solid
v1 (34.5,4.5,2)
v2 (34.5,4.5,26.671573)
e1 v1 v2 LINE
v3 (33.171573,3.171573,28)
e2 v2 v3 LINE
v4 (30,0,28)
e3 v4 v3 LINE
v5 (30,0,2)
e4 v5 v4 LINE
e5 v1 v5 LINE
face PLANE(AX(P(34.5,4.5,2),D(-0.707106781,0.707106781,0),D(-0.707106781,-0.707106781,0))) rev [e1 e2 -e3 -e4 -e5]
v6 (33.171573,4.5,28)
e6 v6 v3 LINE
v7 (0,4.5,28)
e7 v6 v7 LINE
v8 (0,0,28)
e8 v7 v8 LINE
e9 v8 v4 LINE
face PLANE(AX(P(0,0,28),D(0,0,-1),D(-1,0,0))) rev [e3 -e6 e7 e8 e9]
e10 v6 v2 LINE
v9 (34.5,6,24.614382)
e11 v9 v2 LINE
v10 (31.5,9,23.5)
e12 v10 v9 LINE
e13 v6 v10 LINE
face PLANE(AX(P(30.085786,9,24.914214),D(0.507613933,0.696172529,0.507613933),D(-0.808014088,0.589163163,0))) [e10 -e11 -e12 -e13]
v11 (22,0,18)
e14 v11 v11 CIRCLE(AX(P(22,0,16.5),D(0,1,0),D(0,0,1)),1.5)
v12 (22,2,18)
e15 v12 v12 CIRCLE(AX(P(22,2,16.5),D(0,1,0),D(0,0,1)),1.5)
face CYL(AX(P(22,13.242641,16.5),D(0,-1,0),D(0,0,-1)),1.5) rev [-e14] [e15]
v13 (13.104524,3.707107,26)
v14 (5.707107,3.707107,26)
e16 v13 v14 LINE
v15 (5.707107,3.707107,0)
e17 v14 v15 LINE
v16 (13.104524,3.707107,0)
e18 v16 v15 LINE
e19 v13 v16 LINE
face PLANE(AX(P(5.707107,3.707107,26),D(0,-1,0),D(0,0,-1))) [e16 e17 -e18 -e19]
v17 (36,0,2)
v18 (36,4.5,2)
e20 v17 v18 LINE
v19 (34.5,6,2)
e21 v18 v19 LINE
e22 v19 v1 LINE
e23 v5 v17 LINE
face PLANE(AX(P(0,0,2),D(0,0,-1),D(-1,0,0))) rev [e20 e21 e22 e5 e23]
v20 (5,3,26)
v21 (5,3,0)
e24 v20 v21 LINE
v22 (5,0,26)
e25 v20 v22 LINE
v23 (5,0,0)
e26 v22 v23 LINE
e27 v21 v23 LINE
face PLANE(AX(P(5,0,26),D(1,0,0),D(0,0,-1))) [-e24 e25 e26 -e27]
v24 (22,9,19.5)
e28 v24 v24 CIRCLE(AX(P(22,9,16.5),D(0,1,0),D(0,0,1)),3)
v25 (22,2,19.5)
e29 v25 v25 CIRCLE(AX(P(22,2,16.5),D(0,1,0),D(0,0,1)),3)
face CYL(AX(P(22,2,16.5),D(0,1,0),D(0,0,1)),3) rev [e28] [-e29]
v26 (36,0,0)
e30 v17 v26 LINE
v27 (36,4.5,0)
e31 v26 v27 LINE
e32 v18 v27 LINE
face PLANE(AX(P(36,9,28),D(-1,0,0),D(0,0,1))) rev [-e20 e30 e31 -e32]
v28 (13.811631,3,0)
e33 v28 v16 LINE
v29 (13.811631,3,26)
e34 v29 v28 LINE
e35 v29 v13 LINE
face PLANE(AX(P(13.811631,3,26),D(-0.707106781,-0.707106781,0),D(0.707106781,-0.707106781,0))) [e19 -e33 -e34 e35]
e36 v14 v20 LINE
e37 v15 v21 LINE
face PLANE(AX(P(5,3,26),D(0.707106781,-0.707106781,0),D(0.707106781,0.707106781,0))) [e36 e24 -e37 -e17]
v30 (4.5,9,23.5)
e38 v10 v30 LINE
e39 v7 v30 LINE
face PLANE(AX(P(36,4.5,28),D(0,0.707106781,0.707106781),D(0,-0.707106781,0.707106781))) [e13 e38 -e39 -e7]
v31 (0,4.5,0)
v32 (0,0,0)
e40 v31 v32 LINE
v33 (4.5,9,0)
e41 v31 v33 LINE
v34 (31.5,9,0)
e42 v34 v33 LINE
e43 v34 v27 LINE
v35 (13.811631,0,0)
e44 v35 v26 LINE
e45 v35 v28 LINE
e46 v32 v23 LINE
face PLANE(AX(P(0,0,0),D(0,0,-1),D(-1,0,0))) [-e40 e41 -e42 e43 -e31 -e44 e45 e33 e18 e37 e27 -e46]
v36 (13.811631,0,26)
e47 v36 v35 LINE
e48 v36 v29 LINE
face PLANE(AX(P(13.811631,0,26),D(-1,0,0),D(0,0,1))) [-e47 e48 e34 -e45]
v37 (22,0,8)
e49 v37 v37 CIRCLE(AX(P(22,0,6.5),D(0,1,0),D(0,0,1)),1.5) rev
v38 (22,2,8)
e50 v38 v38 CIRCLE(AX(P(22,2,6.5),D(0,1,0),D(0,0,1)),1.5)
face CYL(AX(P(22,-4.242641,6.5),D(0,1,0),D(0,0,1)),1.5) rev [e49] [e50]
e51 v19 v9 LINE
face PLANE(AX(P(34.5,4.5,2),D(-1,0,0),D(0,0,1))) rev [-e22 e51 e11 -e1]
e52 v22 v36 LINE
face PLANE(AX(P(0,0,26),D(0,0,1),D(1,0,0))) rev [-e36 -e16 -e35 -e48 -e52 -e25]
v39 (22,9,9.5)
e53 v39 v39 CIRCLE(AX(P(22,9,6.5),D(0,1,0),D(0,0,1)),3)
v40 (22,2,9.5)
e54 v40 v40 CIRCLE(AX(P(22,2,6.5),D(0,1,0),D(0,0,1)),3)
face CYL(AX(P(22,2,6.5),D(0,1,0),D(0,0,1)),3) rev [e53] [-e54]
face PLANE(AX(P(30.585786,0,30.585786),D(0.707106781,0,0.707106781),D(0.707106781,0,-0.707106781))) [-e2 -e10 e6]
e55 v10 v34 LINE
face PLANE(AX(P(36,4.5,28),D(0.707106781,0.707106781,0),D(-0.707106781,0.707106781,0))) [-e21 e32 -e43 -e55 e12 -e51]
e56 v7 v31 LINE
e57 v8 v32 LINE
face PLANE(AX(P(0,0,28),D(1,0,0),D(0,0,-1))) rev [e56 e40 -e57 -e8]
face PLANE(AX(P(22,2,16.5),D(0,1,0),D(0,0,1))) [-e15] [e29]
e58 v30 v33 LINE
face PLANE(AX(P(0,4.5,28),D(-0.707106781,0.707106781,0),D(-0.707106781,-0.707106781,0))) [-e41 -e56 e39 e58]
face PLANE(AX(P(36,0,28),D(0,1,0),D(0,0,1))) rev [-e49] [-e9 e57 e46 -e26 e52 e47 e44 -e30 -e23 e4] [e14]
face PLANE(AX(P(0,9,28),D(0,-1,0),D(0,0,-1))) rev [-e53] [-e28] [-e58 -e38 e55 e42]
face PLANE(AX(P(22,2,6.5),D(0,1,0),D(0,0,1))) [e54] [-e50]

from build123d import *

# Parameters (mm, degrees)
SKETCH1_W               = 36
SKETCH1_H               = 9
BOSS_EXTRUDE1_DEPTH     = 28
CUT_EXTRUDE1_DEPTH      = 28
CUT_EXTRUDE2_DEPTH      = 36
SKETCH5_W               = 11.440376565
SKETCH5_H               = 15.618965423
CUT_EXTRUDE4_DEPTH      = 2
CUT_EXTRUDE5_DEPTH      = 2
CUT_EXTRUDE5_DEPTH_BACK = 2
CUT_EXTRUDE6_DEPTH      = 26
CUT_EXTRUDE7_DEPTH      = 26
SKETCH10_R              = 3
CUT_EXTRUDE8_DEPTH      = 7
SKETCH11_R              = 1.5
CUT_EXTRUDE9_DEPTH      = 2
SKETCH12_R              = 1.5
CUT_EXTRUDE10_DEPTH     = 9
SKETCH13_R              = 3
CUT_EXTRUDE11_DEPTH     = 7


with BuildPart() as part:
    # Sketch1 → Boss-Extrude1 (new body)
    with BuildSketch(Plane.XY):
        with Locations((18, 4.5)):
            Rectangle(SKETCH1_W, SKETCH1_H)
    extrude(amount=BOSS_EXTRUDE1_DEPTH)

    # Sketch2 → Cut-Extrude1 (cut)
    with BuildSketch(Plane.XY):
        Polygon((0, 4.5), (4.5, 9), (0, 9), align=None)
        Polygon((36, 4.5), (31.5, 9), (36, 9), align=None)
    extrude(amount=CUT_EXTRUDE1_DEPTH, mode=Mode.SUBTRACT)

    # Sketch3 → Cut-Extrude2 (cut)
    with BuildSketch(Plane(origin=(0, 0, 0), x_dir=(0, 0, -1), z_dir=(1, 0, 0))):
        Polygon((-28, 4.5), (-23.5, 9), (-28, 9), align=None)
    extrude(amount=CUT_EXTRUDE2_DEPTH, mode=Mode.SUBTRACT)

    # Sketch5 → Cut-Extrude4 (cut)
    with BuildSketch(Plane(origin=(32, 0, 32), x_dir=(0, 1, 0), z_dir=(0.707106781, 0, 0.707106781))):
        with Locations((5.720188283, -5.935696583)):
            Rectangle(SKETCH5_W, SKETCH5_H)
    extrude(amount=-CUT_EXTRUDE4_DEPTH, mode=Mode.SUBTRACT)

    # Sketch6 → Cut-Extrude5 (cut, two sides)
    with BuildSketch(Plane(origin=(4, 0, -4), x_dir=(0.577350269, -0.577350269, 0.577350269), z_dir=(-0.707106781, 0, 0.707106781))) as cut_extrude5_sk:
        Polygon((26.558112383, 29.802125204), (32.719347855, 28.647424665), (30.19862658, 32.212262879), align=None)
    extrude(amount=CUT_EXTRUDE5_DEPTH, mode=Mode.SUBTRACT)
    extrude(cut_extrude5_sk.sketch, amount=-CUT_EXTRUDE5_DEPTH_BACK, mode=Mode.SUBTRACT)

    # Sketch7 → Cut-Extrude6 (cut)
    with BuildSketch(Plane.XY):
        Polygon((5, 0), (5, 3), (5.707106781, 3.707106781), (13.104524105, 3.707106781), (13.811630886, 3), (13.811630886, 0), align=None)
    extrude(amount=CUT_EXTRUDE6_DEPTH, mode=Mode.SUBTRACT)

    # Sketch8 → Cut-Extrude7 (cut)
    with BuildSketch(Plane.XY.offset(28)):
        Polygon((36, 0), (30, 0), (34.5, 4.5), (34.5, 6), (36, 6), align=None)
    extrude(amount=-CUT_EXTRUDE7_DEPTH, mode=Mode.SUBTRACT)

    # Sketch10 → Cut-Extrude8 (cut)
    with BuildSketch(Plane(origin=(0, 9, 0), x_dir=(1, 0, 0), z_dir=(0, 1, 0))):
        with Locations((22, -6.5)):
            Circle(SKETCH10_R)
    extrude(amount=-CUT_EXTRUDE8_DEPTH, mode=Mode.SUBTRACT)

    # Sketch11 → Cut-Extrude9 (cut)
    with BuildSketch(Plane(origin=(0, 2, 0), x_dir=(1, 0, 0), z_dir=(0, 1, 0))):
        with Locations((22, -6.5)):
            Circle(SKETCH11_R)
    extrude(amount=-CUT_EXTRUDE9_DEPTH, mode=Mode.SUBTRACT)

    # Sketch12 → Cut-Extrude10 (cut)
    with BuildSketch(Plane(origin=(0, 0, 0), x_dir=(1, 0, 0), z_dir=(0, 1, 0))):
        with Locations((22, -16.5)):
            Circle(SKETCH12_R)
    extrude(amount=CUT_EXTRUDE10_DEPTH, mode=Mode.SUBTRACT)

    # Sketch13 → Cut-Extrude11 (cut)
    with BuildSketch(Plane(origin=(0, 9, 0), x_dir=(1, 0, 0), z_dir=(0, 1, 0))):
        with Locations((22, -16.5)):
            Circle(SKETCH13_R)
    extrude(amount=-CUT_EXTRUDE11_DEPTH, mode=Mode.SUBTRACT)


solid = part.part
